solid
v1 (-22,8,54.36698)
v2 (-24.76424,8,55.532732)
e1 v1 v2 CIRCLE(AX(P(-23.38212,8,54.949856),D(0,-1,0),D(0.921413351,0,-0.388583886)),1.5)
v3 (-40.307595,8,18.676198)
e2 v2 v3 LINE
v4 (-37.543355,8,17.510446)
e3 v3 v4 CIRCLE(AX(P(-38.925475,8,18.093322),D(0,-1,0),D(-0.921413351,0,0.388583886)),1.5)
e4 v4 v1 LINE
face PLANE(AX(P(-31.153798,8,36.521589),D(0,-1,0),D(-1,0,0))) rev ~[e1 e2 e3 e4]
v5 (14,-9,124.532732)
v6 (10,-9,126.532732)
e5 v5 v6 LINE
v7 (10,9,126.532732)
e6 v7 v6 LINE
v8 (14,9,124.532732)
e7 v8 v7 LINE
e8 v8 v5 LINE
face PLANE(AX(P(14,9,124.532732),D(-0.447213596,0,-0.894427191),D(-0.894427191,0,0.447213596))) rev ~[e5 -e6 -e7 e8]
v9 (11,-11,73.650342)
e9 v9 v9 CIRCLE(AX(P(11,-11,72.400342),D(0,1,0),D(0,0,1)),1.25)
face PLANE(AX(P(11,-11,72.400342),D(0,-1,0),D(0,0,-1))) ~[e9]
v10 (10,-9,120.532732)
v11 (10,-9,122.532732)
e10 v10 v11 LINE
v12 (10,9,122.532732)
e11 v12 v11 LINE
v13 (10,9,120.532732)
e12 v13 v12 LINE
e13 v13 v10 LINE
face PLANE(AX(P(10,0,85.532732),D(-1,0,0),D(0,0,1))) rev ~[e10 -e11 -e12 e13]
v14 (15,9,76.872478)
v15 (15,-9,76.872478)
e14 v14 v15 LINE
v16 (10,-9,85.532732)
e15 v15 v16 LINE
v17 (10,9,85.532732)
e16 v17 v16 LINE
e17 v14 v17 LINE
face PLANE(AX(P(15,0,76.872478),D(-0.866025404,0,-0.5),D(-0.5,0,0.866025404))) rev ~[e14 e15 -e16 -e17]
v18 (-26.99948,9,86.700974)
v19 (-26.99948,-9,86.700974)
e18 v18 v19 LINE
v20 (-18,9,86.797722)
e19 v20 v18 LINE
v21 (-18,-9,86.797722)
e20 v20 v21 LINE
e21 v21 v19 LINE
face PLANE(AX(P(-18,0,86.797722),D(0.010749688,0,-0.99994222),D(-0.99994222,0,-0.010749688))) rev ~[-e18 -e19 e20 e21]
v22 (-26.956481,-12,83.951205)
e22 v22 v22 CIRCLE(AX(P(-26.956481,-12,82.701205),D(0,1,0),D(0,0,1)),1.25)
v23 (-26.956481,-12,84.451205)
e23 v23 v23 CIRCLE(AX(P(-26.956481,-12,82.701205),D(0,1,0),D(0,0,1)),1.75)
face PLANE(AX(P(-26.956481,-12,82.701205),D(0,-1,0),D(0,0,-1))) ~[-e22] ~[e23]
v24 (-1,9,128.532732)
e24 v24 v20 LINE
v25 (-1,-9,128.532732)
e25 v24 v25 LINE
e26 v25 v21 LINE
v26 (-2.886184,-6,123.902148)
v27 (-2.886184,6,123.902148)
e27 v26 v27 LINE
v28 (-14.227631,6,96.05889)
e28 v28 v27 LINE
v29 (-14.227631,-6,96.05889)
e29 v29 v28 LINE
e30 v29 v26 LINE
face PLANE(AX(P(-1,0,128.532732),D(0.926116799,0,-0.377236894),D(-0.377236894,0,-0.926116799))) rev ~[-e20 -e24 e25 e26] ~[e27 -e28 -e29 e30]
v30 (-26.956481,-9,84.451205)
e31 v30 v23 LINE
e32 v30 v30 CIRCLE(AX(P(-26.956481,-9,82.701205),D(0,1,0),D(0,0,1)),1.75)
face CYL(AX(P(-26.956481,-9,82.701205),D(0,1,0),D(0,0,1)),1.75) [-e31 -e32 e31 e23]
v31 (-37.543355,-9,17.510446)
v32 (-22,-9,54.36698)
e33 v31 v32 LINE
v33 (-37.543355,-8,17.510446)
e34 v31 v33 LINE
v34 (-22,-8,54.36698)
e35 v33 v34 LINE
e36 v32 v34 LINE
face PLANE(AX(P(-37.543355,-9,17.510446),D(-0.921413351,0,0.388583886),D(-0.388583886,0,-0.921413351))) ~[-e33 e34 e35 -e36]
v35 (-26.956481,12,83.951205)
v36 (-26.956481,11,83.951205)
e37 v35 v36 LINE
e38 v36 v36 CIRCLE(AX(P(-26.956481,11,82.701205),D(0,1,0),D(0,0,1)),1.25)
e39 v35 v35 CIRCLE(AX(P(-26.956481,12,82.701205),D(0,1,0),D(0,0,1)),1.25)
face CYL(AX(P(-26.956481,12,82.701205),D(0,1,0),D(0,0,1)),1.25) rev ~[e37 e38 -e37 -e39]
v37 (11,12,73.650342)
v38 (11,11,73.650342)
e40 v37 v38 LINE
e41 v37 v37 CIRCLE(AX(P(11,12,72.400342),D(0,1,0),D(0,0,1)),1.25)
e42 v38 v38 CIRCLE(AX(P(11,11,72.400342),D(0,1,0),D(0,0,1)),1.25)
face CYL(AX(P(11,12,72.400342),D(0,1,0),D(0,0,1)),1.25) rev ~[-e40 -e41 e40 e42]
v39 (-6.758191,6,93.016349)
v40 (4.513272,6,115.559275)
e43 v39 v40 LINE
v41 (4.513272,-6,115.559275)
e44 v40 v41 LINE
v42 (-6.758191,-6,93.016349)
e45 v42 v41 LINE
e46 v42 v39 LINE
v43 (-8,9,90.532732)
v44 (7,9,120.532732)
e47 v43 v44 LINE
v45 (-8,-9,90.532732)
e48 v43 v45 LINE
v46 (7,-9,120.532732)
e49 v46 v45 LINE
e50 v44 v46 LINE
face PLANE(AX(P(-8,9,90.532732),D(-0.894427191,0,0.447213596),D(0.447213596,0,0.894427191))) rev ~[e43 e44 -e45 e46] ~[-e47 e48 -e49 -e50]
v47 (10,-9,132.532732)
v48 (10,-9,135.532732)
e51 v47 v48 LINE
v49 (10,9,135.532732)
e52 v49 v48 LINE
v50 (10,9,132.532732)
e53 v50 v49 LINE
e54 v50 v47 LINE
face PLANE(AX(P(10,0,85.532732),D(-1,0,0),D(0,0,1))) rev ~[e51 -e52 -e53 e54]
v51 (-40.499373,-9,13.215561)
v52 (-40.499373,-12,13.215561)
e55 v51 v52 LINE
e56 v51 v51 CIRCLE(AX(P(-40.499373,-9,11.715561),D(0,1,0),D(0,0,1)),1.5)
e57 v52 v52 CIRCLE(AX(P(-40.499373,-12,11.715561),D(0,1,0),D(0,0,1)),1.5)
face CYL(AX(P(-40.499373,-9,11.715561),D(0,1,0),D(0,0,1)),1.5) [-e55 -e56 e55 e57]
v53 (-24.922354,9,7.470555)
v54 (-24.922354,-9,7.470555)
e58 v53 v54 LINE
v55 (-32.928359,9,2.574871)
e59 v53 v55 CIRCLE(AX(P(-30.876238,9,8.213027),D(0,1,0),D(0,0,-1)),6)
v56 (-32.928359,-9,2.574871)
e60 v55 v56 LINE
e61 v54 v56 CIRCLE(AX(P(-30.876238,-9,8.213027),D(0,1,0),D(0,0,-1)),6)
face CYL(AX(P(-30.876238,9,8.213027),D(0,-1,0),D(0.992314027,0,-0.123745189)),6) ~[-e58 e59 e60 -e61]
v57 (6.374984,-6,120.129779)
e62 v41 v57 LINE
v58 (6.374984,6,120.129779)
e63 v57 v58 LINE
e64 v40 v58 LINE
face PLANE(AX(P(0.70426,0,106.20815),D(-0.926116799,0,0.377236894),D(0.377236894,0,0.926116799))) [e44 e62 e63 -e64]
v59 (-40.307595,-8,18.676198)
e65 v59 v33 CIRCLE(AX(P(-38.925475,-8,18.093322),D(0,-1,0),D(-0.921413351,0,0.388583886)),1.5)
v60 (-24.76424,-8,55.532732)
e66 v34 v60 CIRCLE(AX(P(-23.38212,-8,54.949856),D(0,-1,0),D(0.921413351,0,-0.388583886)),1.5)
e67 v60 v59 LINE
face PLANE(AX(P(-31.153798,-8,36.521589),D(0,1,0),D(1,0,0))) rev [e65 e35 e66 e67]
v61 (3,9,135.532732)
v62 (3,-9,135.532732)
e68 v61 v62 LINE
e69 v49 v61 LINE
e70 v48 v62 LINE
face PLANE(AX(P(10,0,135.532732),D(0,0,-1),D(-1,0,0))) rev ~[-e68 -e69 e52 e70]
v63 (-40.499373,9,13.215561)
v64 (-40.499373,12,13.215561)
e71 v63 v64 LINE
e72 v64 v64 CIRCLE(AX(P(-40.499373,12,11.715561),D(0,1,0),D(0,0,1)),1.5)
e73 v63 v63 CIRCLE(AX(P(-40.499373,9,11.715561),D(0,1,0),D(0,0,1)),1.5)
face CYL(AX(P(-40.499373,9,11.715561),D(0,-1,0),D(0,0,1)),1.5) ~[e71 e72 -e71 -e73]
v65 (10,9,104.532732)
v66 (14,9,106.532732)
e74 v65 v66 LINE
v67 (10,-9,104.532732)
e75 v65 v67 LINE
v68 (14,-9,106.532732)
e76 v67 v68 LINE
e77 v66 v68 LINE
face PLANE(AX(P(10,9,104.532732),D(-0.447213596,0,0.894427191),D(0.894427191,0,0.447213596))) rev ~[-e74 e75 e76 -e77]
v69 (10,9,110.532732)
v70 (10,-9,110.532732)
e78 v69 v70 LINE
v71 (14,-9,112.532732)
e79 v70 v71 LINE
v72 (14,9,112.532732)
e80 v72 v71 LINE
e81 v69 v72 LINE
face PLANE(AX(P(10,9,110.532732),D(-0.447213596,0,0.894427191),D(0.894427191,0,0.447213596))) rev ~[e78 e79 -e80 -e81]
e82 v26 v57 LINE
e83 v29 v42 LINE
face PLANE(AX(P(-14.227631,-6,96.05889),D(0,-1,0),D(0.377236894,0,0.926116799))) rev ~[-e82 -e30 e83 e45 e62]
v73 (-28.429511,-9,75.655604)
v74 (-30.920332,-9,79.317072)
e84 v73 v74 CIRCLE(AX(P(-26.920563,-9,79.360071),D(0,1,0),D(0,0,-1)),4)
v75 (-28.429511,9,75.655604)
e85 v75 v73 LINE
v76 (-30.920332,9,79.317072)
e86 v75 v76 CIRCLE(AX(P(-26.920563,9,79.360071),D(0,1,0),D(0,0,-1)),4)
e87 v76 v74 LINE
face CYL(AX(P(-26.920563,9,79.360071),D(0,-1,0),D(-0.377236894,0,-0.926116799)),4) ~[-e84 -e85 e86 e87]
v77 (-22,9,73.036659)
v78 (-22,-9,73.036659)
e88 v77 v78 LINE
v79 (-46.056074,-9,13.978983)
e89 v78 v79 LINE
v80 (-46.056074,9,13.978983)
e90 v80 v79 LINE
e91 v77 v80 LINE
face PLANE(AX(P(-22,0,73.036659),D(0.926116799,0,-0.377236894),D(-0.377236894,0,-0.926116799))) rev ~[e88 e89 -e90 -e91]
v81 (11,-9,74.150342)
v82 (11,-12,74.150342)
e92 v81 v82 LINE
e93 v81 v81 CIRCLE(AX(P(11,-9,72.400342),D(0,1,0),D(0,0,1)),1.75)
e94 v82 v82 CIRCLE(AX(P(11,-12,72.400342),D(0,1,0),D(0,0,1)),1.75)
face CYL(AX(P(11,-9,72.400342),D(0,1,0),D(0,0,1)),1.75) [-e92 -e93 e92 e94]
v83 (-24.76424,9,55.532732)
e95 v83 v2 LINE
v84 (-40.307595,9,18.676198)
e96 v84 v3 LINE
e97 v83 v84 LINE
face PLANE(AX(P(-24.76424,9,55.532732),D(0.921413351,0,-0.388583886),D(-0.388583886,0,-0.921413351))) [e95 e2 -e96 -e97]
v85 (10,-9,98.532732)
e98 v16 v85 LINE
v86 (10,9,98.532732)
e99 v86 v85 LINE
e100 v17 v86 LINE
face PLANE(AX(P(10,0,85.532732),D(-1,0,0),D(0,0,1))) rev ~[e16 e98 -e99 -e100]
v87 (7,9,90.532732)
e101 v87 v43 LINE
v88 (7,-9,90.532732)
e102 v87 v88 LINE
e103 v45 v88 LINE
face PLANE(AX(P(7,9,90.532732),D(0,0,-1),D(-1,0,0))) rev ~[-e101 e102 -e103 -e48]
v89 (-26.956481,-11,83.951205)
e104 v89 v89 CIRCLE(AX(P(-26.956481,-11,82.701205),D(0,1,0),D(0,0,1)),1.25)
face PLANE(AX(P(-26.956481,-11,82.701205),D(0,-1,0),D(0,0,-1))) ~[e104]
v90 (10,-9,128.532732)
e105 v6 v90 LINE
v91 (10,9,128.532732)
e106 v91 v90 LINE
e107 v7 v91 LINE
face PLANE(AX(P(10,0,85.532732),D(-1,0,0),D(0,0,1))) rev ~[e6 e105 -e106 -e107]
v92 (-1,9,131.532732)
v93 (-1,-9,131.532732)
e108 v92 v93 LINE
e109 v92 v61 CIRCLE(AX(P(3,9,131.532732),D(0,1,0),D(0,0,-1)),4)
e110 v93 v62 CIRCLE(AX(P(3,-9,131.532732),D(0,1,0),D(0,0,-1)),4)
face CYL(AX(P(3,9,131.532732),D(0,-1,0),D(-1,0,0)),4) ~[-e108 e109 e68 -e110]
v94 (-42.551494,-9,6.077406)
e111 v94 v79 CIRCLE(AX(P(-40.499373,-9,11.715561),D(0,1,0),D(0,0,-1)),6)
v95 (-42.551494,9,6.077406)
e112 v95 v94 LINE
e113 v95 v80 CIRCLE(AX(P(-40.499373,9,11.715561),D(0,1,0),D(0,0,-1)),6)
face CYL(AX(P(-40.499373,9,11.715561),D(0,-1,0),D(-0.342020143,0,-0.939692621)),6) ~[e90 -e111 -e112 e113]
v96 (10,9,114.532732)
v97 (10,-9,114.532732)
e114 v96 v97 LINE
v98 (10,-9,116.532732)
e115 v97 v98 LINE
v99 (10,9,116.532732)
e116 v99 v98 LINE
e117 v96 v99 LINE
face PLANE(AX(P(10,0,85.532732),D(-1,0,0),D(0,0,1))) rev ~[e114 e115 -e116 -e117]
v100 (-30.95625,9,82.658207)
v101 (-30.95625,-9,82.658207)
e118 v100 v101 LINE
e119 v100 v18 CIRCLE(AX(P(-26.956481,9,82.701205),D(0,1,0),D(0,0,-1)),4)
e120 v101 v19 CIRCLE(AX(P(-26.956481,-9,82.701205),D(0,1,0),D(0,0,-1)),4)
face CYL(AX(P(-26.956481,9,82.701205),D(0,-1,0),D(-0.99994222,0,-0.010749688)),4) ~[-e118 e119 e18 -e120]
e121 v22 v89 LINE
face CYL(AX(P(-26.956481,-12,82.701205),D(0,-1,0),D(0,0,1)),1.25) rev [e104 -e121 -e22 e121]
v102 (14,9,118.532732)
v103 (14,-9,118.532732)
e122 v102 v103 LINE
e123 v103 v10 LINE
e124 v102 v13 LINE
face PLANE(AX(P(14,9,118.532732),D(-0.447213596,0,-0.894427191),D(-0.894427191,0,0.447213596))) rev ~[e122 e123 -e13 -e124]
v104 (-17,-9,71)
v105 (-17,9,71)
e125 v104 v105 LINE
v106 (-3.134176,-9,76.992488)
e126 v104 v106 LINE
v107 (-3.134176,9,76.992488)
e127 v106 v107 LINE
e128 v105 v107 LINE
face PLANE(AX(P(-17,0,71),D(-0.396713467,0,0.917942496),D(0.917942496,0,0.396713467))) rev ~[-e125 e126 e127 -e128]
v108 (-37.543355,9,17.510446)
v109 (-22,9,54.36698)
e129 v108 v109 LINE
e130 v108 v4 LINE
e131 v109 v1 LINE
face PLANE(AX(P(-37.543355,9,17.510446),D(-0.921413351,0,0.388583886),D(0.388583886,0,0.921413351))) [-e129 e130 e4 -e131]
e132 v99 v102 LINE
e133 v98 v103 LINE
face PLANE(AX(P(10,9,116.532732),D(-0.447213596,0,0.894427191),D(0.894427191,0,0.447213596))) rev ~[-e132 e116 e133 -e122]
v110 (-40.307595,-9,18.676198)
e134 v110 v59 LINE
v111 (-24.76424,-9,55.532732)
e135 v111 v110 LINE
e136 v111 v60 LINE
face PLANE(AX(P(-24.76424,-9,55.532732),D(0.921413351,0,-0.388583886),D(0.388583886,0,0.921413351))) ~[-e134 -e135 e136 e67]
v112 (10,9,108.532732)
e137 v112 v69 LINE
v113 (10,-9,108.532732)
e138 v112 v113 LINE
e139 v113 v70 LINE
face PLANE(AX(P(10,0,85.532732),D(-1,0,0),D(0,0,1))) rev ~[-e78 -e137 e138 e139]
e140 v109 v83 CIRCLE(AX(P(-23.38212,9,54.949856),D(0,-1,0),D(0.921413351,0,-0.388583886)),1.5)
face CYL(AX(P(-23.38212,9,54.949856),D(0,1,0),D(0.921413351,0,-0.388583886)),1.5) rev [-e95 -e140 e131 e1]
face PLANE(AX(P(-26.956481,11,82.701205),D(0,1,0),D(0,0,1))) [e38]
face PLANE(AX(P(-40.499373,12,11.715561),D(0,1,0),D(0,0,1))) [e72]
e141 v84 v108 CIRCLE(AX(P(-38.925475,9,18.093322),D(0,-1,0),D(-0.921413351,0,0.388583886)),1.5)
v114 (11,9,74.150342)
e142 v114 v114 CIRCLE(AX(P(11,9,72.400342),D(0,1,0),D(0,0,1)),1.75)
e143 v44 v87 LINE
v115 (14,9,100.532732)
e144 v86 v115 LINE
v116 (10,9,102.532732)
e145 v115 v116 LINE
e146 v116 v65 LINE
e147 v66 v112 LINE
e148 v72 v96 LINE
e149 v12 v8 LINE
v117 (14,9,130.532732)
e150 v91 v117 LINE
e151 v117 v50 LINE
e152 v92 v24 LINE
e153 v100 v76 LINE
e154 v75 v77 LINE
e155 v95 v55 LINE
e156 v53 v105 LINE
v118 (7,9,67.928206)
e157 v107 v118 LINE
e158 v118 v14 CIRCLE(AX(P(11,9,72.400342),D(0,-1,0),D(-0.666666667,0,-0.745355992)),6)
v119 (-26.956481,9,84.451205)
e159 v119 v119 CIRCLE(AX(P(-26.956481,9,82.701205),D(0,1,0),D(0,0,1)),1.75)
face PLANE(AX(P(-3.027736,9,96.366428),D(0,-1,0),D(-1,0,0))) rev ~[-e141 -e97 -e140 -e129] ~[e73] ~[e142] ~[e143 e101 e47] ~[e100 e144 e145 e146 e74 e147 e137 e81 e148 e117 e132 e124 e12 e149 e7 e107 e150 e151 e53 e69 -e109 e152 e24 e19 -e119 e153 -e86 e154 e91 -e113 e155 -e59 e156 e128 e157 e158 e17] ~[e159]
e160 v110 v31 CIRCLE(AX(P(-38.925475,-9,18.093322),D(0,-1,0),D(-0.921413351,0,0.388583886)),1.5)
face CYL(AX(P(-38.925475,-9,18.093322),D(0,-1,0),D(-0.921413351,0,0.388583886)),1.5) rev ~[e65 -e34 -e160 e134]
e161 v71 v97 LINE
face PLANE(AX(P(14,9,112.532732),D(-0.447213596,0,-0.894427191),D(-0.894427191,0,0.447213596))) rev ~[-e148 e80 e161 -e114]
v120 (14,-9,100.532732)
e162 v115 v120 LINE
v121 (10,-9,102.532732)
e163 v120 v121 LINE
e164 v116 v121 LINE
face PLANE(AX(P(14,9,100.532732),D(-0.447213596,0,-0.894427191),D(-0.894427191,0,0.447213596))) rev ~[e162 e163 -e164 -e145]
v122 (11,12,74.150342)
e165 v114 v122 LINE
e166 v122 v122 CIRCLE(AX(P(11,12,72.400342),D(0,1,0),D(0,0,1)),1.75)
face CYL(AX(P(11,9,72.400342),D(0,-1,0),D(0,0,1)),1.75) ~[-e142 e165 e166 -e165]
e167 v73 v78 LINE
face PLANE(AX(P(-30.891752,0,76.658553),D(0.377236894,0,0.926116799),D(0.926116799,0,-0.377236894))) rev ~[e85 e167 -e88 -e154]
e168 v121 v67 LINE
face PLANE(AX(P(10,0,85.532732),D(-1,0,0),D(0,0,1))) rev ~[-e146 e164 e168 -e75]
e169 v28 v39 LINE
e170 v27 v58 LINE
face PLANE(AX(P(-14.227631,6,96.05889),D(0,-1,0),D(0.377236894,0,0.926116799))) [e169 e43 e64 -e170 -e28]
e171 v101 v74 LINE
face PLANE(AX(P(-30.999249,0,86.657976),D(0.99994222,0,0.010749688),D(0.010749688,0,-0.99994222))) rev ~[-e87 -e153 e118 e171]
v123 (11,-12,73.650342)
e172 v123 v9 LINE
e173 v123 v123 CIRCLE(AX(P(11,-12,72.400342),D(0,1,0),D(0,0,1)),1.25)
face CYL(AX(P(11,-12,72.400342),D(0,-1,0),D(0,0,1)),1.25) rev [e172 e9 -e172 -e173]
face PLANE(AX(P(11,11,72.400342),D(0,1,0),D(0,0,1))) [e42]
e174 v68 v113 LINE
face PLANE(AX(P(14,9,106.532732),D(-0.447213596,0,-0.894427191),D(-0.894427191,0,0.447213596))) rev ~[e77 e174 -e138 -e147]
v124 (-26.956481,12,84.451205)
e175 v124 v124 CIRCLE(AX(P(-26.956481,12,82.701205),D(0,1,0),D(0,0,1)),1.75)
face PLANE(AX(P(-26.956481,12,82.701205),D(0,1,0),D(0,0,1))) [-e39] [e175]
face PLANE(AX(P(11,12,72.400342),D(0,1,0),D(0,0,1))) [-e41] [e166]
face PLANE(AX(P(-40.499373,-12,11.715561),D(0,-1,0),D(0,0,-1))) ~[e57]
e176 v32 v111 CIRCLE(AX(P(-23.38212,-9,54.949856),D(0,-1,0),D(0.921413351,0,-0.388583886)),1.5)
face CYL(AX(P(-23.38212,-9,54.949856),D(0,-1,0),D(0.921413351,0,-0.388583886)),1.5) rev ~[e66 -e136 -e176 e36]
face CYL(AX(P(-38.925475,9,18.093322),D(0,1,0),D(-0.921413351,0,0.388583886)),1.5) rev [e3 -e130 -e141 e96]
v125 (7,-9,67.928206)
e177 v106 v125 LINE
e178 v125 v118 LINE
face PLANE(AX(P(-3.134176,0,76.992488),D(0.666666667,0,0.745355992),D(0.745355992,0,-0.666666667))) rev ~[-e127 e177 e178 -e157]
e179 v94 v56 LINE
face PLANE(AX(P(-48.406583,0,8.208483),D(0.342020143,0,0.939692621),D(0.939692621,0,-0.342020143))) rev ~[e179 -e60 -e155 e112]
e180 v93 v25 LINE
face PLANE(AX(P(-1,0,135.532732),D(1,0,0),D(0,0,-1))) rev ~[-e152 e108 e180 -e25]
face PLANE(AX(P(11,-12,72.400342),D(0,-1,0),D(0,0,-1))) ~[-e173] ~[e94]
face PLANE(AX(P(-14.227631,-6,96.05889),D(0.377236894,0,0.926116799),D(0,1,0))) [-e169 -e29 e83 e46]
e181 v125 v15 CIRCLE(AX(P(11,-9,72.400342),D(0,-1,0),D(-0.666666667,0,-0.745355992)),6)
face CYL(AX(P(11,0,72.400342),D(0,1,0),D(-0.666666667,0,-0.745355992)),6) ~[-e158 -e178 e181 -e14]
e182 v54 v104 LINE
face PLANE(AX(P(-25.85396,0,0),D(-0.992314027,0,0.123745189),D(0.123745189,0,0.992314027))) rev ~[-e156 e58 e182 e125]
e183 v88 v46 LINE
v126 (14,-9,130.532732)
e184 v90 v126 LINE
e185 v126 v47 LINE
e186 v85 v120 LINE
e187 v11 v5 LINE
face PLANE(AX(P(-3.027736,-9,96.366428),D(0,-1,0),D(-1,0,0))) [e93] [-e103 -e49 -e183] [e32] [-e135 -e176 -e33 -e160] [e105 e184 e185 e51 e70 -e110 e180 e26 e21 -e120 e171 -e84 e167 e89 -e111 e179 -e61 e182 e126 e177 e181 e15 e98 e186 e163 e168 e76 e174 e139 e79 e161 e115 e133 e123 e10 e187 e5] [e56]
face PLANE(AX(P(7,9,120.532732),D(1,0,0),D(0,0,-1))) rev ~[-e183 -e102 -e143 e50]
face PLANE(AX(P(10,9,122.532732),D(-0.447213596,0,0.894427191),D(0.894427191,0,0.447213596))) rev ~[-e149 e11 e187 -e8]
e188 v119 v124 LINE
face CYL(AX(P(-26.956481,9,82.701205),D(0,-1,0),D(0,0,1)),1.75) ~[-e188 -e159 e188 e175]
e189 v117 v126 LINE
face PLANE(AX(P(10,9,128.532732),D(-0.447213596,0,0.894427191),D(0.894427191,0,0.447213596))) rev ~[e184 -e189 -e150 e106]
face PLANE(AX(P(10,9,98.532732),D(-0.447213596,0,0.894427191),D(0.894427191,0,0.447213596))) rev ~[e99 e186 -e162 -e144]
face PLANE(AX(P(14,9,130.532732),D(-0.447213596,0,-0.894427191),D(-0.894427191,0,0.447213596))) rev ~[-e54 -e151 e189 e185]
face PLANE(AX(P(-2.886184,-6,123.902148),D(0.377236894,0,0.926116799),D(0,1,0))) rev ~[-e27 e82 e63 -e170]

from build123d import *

# Parameters (mm, degrees)
BOSS_EXTRUDE1_DEPTH = 9
FILLET1_R           = 6
FILLET2_R           = 4
BOSS_EXTRUDE2_DEPTH = 18
LPATTERN1_COUNT     = 6
LPATTERN1_PITCH     = 6
CUT_EXTRUDE1_DEPTH  = 145.41368733
SKETCH6_W           = 30.064521177
SKETCH6_H           = 12
CUT_EXTRUDE2_DEPTH  = 10
SKETCH8_R           = 1.75
SKETCH8_R_2         = 1.5
BOSS_EXTRUDE3_DEPTH = 3
SKETCH9_R           = 1.25
CUT_EXTRUDE4_DEPTH  = 1
SKETCH10_R          = 1.25
CUT_EXTRUDE5_DEPTH  = 1
CUT_EXTRUDE6_DEPTH  = 1


with BuildPart() as part:
    # Sketch2 → Boss-Extrude1 (new, symmetric)
    with BuildSketch(Plane(origin=(0, 0, 0), x_dir=(1, 0, 0), z_dir=(0, 1, 0))):
        with BuildLine():
            ThreePointArc((7, -67.928205718), (15.472135955, -68.400341673), (15, -76.872477628))
            Line((15, -76.872477628), (10, -85.532731666))
            Line((10, -85.532731666), (10, -135.532731666))
            Line((10, -135.532731666), (-1, -135.532731666))
            Line((-1, -135.532731666), (-1, -128.532731666))
            Line((-1, -128.532731666), (-18, -86.797721556))
            Line((-18, -86.797721556), (-30.999248866, -86.657975615))
            Line((-30.999248866, -86.657975615), (-30.891751988, -76.658553411))
            Line((-30.891751988, -76.658553411), (-17, -71))
            Line((-17, -71), (-3.134175553, -76.992487891))
            Line((-3.134175553, -76.992487891), (7, -67.928205718))
        make_face()
        Polygon((-17, -71), (-22, -73.036659384), (-48.406582583, -8.20848344), (-25.853959684, 0), align=None)
    extrude(amount=BOSS_EXTRUDE1_DEPTH, both=True)

    # Fillet1
    fillet1_edges = [part.edges().sort_by_distance(p)[0] for p in [
        (-48.406582583, 0, 8.20848344),
        (-25.853959684, 0, 0),
    ]]
    fillet(fillet1_edges, radius=FILLET1_R)

    # Fillet2
    fillet2_edges = [part.edges().sort_by_distance(p)[0] for p in [
        (-1, 0, 135.532731666),
        (-30.999248866, 0, 86.657975615),
        (-30.891751988, 0, 76.658553411),
    ]]
    fillet(fillet2_edges, radius=FILLET2_R)

    # Sketch3 → Boss-Extrude2 (add)
    with BuildSketch(Plane(origin=(0, 9, 0), x_dir=(1, 0, 0), z_dir=(0, 1, 0))):
        Polygon((10, -132.532731666), (10, -128.532731666), (14, -130.532731666), align=None)
    boss_extrude2 = extrude(amount=-BOSS_EXTRUDE2_DEPTH)

    # LPattern1: Boss-Extrude2 ×6
    with Locations(*[(0, 0, -i * LPATTERN1_PITCH) for i in range(1, LPATTERN1_COUNT)]):
        add(boss_extrude2)

    # Sketch5 → Cut-Extrude1 (cut, through all)
    with BuildSketch(Plane(origin=(0, 9, 0), x_dir=(1, 0, 0), z_dir=(0, 1, 0))):
        Polygon((7, -120.532731666), (7, -90.532731666), (-8, -90.532731666), align=None)
    extrude(amount=-CUT_EXTRUDE1_DEPTH, mode=Mode.SUBTRACT)

    # Sketch6 → Cut-Extrude2 (cut)
    with BuildSketch(Plane(origin=(-45.762584731, 0, 18.64055953), x_dir=(0.377236894037746, 0, 0.9261167992088009), z_dir=(-0.9261167992088009, 0, 0.377236894037746))):
        with Locations((98.626824562, 0)):
            Rectangle(SKETCH6_W, SKETCH6_H)
    extrude(amount=-CUT_EXTRUDE2_DEPTH, mode=Mode.SUBTRACT)

    # Sketch8 → Boss-Extrude3 (add)
    with BuildSketch(Plane(origin=(0, 9, 0), x_dir=(1, 0, 0), z_dir=(0, 1, 0))):
        with Locations(Location((-26.956481233, -82.701205484, 0), (0, 0, 270))):
            Circle(SKETCH8_R)
        with Locations(Location((11, -72.400341673, 0), (0, 0, 270))):
            Circle(SKETCH8_R)
        with Locations(Location((-40.499373495, -11.715561331, 0), (0, 0, 270))):
            Circle(SKETCH8_R_2)
    boss_extrude3 = extrude(amount=BOSS_EXTRUDE3_DEPTH)

    # Sketch9 → Cut-Extrude4 (cut)
    with BuildSketch(Plane(origin=(0, 12, 0), x_dir=(1, 0, 0), z_dir=(0, 1, 0))):
        with Locations(Location((-26.956481233, -82.701205484, 0), (0, 0, 270))):
            Circle(SKETCH9_R)
    cut_extrude4 = extrude(amount=-CUT_EXTRUDE4_DEPTH, mode=Mode.SUBTRACT)

    # Sketch10 → Cut-Extrude5 (cut)
    with BuildSketch(Plane(origin=(0, 12, 0), x_dir=(1, 0, 0), z_dir=(0, 1, 0))):
        with Locations(Location((11, -72.400341673, 0), (0, 0, 270))):
            Circle(SKETCH10_R)
    cut_extrude5 = extrude(amount=-CUT_EXTRUDE5_DEPTH, mode=Mode.SUBTRACT)

    # Sketch11 → Cut-Extrude6 (cut)
    with BuildSketch(Plane(origin=(0, 9, 0), x_dir=(1, 0, 0), z_dir=(0, 1, 0))):
        with BuildLine():
            Line((-37.543355443, -17.510445966), (-22, -54.366980008))
            ThreePointArc((-22, -54.366980008), (-22.799244197, -56.331975863), (-24.764240053, -55.532731666))
            Line((-24.764240053, -55.532731666), (-40.307595496, -18.676197624))
            ThreePointArc((-40.307595496, -18.676197624), (-39.508351299, -16.711201768), (-37.543355443, -17.510445966))
        make_face()
    cut_extrude6 = extrude(amount=-CUT_EXTRUDE6_DEPTH, mode=Mode.SUBTRACT)

    # Mirror1: Boss-Extrude3, Cut-Extrude4, Cut-Extrude5, Cut-Extrude6 across plane
    add(boss_extrude3.mirror(Plane.ZX))
    add(cut_extrude4.mirror(Plane.ZX), mode=Mode.SUBTRACT)
    add(cut_extrude5.mirror(Plane.ZX), mode=Mode.SUBTRACT)
    add(cut_extrude6.mirror(Plane.ZX), mode=Mode.SUBTRACT)


solid = part.part
